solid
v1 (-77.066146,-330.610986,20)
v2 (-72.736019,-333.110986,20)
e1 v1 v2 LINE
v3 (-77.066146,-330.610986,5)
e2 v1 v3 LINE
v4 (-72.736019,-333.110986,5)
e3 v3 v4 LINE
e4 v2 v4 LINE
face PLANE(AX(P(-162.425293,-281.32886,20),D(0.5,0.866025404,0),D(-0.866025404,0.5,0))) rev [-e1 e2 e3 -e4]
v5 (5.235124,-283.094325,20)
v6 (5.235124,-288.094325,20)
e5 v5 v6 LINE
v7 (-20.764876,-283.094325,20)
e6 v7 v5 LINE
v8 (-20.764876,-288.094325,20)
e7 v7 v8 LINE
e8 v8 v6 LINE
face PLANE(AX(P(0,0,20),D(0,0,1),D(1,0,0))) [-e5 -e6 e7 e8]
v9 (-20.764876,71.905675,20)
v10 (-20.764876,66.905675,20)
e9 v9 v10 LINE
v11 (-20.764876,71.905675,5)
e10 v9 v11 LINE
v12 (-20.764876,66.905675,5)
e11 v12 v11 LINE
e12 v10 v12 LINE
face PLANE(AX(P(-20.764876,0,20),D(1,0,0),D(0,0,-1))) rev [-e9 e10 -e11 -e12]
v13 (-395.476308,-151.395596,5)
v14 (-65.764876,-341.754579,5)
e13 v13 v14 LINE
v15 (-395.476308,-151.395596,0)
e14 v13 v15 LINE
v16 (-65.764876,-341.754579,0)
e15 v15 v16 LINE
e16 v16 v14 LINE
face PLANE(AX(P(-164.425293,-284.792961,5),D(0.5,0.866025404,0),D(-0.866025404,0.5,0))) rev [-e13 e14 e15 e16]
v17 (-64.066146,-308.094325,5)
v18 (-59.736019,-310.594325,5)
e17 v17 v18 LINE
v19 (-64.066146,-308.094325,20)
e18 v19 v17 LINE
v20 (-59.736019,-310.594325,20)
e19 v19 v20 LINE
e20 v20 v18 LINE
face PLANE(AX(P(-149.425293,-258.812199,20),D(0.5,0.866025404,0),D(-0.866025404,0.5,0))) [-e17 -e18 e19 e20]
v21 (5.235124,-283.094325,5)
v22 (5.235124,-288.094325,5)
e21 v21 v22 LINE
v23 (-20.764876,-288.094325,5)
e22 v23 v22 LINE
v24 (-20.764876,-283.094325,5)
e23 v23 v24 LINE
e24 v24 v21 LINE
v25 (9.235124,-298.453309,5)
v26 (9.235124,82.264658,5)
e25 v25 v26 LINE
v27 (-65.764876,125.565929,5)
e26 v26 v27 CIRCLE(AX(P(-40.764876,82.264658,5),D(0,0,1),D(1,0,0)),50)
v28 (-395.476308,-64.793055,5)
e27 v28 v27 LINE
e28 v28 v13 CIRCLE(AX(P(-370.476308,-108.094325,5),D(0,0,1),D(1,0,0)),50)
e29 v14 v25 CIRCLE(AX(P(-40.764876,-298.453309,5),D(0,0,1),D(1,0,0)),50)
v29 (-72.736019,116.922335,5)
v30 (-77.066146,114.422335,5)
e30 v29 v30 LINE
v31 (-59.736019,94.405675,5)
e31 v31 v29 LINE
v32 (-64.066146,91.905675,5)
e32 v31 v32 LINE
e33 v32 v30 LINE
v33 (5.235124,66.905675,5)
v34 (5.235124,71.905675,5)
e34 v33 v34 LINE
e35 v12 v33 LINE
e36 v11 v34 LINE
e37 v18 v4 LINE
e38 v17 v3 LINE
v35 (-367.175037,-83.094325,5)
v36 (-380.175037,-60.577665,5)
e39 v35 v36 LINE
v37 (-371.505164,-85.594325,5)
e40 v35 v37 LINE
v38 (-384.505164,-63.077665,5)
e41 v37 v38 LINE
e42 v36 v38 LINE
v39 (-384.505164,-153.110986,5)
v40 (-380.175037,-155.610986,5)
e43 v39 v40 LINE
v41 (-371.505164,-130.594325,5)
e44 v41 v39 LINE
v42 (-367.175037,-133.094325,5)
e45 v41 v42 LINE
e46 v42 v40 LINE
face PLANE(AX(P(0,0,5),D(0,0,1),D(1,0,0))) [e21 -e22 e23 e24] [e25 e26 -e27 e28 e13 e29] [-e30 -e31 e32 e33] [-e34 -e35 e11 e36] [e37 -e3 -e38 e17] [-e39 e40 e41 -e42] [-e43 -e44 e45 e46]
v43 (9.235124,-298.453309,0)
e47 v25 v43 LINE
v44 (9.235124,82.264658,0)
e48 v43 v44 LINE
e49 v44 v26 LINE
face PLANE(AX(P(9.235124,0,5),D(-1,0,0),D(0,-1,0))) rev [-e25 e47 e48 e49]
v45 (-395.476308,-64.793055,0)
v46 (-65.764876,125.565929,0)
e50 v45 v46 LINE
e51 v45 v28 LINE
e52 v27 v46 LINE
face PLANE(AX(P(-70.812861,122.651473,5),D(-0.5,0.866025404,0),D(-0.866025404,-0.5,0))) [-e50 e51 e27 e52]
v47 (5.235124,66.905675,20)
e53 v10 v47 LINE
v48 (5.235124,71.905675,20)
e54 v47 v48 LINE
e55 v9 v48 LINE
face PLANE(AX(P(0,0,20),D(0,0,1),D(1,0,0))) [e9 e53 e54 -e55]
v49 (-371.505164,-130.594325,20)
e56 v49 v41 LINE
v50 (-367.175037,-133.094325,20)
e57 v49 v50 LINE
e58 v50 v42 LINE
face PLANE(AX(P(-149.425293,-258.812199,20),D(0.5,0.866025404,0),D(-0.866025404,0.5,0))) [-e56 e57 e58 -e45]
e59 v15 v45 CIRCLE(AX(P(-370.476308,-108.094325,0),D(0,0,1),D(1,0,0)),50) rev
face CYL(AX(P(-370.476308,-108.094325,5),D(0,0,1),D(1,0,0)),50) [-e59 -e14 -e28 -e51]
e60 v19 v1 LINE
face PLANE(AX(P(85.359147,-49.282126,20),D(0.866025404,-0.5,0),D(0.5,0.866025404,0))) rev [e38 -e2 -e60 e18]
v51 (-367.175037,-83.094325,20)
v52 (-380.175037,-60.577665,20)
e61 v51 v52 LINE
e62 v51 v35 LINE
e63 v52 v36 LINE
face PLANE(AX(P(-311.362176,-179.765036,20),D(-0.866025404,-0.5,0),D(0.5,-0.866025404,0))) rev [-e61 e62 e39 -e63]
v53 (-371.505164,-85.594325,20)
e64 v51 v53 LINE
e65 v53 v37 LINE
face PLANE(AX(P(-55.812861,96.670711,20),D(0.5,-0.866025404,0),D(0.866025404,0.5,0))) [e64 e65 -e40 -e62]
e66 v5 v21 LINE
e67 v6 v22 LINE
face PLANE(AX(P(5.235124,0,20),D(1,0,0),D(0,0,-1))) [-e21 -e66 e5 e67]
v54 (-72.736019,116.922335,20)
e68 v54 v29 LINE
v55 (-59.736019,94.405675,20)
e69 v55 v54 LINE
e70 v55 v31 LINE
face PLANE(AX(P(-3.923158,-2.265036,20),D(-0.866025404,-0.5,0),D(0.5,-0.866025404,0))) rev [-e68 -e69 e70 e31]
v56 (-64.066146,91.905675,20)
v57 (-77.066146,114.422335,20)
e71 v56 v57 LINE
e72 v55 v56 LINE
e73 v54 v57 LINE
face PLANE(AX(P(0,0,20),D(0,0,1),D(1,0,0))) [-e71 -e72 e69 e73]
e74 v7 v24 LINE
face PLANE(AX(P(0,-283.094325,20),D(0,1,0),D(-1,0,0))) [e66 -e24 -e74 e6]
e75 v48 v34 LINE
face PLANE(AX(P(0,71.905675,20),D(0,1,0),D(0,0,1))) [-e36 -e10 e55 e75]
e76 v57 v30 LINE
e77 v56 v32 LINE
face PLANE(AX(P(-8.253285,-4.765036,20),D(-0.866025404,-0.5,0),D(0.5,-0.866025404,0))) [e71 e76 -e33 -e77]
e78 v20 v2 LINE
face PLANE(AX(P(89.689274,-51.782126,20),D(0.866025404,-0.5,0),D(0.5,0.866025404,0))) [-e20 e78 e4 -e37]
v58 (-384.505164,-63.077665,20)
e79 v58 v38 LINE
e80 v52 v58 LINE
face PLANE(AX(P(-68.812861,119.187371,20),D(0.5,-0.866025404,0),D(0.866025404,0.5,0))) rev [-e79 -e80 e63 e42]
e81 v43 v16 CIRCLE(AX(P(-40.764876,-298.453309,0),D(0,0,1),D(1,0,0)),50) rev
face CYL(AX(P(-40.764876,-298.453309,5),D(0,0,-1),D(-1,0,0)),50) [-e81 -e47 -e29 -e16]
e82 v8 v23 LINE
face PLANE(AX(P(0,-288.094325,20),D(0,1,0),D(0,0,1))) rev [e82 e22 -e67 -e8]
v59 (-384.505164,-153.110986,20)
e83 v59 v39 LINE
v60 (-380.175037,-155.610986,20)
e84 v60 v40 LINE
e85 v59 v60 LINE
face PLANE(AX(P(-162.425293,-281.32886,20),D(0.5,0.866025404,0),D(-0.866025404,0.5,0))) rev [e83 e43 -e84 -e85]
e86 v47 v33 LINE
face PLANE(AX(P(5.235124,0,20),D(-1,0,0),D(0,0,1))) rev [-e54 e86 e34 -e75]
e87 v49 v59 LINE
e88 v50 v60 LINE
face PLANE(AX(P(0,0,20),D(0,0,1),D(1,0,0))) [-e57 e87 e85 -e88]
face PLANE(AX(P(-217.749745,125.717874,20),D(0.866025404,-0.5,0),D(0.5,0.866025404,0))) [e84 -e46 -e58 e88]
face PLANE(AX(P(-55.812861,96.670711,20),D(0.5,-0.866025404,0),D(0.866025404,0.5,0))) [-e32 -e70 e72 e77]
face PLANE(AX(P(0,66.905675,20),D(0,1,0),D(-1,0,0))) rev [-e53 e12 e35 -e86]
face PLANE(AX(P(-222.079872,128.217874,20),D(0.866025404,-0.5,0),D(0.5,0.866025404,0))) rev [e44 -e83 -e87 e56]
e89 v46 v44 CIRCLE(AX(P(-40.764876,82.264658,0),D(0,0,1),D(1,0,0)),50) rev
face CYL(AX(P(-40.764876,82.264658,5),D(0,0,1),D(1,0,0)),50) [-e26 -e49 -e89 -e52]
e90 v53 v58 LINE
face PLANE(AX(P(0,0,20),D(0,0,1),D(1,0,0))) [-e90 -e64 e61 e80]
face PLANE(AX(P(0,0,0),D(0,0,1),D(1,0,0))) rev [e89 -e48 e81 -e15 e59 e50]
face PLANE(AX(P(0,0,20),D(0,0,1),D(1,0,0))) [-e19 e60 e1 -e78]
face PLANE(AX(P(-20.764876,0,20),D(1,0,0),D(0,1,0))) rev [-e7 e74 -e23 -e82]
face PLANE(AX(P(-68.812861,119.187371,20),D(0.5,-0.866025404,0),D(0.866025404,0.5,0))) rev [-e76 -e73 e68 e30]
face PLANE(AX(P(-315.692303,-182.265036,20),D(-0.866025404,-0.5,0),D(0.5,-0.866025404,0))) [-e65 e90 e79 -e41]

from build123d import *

# Parameters (mm, degrees)
SKETCH1_W           = 26
SKETCH1_H           = 5
BOSS_EXTRUDE1_DEPTH = 5
FILLET1_R           = 50
SKETCH1_5_W         = 26
SKETCH1_5_H         = 5
BOSS_EXTRUDE2_DEPTH = 20


with BuildPart() as part:
    # Sketch1 → Boss-Extrude1 (new body)
    with BuildSketch(Plane.XY):
        Polygon((9.235124147, 168.867198813), (-470.476307556, -108.094325414), (9.235124147, -385.055849641), align=None)
        with Locations((-7.764875853, -285.594325414)):
            Rectangle(SKETCH1_W, SKETCH1_H, mode=Mode.SUBTRACT)
        Polygon((-64.066146043, -308.094325414), (-59.736019024, -310.594325414), (-72.736019024, -333.110985912), (-77.066146043, -330.610985912), align=None, mode=Mode.SUBTRACT)
        Polygon((-371.505164386, -130.594325414), (-367.175037367, -133.094325414), (-380.175037367, -155.610985912), (-384.505164386, -153.110985912), align=None, mode=Mode.SUBTRACT)
        Polygon((-367.175037367, -83.094325414), (-371.505164386, -85.594325414), (-384.505164386, -63.077664915), (-380.175037367, -60.577664915), align=None, mode=Mode.SUBTRACT)
        Polygon((-59.736019024, 94.405674586), (-64.066146043, 91.905674586), (-77.066146043, 114.422335085), (-72.736019024, 116.922335085), align=None, mode=Mode.SUBTRACT)
        with Locations((-7.764875853, 69.405674586)):
            Rectangle(SKETCH1_W, SKETCH1_H, mode=Mode.SUBTRACT)
    extrude(amount=BOSS_EXTRUDE1_DEPTH)

    # Fillet1
    fillet1_edges = [part.edges().sort_by_distance(p)[0] for p in [
        (-470.476307556, -108.094325414, 2.5),
        (9.235124147, 168.867198813, 2.5),
        (9.235124147, -385.055849641, 2.5),
    ]]
    fillet(fillet1_edges, radius=FILLET1_R)

    # Sketch1<5> → Boss-Extrude2 (add)
    with BuildSketch(Plane.XY):
        with Locations((-7.764875853, 69.405674586)):
            Rectangle(SKETCH1_5_W, SKETCH1_5_H)
        Polygon((-64.066146043, 91.905674586), (-59.736019024, 94.405674586), (-72.736019024, 116.922335085), (-77.066146043, 114.422335085), align=None)
        Polygon((-371.505164386, -85.594325414), (-367.175037367, -83.094325414), (-380.175037367, -60.577664915), (-384.505164386, -63.077664915), align=None)
        Polygon((-380.175037367, -155.610985912), (-367.175037367, -133.094325414), (-371.505164386, -130.594325414), (-384.505164386, -153.110985912), align=None)
        Polygon((-72.736019024, -333.110985912), (-59.736019024, -310.594325414), (-64.066146043, -308.094325414), (-77.066146043, -330.610985912), align=None)
        with Locations((-7.764875853, -285.594325414)):
            Rectangle(SKETCH1_5_W, SKETCH1_5_H)
    extrude(amount=BOSS_EXTRUDE2_DEPTH)


solid = part.part
